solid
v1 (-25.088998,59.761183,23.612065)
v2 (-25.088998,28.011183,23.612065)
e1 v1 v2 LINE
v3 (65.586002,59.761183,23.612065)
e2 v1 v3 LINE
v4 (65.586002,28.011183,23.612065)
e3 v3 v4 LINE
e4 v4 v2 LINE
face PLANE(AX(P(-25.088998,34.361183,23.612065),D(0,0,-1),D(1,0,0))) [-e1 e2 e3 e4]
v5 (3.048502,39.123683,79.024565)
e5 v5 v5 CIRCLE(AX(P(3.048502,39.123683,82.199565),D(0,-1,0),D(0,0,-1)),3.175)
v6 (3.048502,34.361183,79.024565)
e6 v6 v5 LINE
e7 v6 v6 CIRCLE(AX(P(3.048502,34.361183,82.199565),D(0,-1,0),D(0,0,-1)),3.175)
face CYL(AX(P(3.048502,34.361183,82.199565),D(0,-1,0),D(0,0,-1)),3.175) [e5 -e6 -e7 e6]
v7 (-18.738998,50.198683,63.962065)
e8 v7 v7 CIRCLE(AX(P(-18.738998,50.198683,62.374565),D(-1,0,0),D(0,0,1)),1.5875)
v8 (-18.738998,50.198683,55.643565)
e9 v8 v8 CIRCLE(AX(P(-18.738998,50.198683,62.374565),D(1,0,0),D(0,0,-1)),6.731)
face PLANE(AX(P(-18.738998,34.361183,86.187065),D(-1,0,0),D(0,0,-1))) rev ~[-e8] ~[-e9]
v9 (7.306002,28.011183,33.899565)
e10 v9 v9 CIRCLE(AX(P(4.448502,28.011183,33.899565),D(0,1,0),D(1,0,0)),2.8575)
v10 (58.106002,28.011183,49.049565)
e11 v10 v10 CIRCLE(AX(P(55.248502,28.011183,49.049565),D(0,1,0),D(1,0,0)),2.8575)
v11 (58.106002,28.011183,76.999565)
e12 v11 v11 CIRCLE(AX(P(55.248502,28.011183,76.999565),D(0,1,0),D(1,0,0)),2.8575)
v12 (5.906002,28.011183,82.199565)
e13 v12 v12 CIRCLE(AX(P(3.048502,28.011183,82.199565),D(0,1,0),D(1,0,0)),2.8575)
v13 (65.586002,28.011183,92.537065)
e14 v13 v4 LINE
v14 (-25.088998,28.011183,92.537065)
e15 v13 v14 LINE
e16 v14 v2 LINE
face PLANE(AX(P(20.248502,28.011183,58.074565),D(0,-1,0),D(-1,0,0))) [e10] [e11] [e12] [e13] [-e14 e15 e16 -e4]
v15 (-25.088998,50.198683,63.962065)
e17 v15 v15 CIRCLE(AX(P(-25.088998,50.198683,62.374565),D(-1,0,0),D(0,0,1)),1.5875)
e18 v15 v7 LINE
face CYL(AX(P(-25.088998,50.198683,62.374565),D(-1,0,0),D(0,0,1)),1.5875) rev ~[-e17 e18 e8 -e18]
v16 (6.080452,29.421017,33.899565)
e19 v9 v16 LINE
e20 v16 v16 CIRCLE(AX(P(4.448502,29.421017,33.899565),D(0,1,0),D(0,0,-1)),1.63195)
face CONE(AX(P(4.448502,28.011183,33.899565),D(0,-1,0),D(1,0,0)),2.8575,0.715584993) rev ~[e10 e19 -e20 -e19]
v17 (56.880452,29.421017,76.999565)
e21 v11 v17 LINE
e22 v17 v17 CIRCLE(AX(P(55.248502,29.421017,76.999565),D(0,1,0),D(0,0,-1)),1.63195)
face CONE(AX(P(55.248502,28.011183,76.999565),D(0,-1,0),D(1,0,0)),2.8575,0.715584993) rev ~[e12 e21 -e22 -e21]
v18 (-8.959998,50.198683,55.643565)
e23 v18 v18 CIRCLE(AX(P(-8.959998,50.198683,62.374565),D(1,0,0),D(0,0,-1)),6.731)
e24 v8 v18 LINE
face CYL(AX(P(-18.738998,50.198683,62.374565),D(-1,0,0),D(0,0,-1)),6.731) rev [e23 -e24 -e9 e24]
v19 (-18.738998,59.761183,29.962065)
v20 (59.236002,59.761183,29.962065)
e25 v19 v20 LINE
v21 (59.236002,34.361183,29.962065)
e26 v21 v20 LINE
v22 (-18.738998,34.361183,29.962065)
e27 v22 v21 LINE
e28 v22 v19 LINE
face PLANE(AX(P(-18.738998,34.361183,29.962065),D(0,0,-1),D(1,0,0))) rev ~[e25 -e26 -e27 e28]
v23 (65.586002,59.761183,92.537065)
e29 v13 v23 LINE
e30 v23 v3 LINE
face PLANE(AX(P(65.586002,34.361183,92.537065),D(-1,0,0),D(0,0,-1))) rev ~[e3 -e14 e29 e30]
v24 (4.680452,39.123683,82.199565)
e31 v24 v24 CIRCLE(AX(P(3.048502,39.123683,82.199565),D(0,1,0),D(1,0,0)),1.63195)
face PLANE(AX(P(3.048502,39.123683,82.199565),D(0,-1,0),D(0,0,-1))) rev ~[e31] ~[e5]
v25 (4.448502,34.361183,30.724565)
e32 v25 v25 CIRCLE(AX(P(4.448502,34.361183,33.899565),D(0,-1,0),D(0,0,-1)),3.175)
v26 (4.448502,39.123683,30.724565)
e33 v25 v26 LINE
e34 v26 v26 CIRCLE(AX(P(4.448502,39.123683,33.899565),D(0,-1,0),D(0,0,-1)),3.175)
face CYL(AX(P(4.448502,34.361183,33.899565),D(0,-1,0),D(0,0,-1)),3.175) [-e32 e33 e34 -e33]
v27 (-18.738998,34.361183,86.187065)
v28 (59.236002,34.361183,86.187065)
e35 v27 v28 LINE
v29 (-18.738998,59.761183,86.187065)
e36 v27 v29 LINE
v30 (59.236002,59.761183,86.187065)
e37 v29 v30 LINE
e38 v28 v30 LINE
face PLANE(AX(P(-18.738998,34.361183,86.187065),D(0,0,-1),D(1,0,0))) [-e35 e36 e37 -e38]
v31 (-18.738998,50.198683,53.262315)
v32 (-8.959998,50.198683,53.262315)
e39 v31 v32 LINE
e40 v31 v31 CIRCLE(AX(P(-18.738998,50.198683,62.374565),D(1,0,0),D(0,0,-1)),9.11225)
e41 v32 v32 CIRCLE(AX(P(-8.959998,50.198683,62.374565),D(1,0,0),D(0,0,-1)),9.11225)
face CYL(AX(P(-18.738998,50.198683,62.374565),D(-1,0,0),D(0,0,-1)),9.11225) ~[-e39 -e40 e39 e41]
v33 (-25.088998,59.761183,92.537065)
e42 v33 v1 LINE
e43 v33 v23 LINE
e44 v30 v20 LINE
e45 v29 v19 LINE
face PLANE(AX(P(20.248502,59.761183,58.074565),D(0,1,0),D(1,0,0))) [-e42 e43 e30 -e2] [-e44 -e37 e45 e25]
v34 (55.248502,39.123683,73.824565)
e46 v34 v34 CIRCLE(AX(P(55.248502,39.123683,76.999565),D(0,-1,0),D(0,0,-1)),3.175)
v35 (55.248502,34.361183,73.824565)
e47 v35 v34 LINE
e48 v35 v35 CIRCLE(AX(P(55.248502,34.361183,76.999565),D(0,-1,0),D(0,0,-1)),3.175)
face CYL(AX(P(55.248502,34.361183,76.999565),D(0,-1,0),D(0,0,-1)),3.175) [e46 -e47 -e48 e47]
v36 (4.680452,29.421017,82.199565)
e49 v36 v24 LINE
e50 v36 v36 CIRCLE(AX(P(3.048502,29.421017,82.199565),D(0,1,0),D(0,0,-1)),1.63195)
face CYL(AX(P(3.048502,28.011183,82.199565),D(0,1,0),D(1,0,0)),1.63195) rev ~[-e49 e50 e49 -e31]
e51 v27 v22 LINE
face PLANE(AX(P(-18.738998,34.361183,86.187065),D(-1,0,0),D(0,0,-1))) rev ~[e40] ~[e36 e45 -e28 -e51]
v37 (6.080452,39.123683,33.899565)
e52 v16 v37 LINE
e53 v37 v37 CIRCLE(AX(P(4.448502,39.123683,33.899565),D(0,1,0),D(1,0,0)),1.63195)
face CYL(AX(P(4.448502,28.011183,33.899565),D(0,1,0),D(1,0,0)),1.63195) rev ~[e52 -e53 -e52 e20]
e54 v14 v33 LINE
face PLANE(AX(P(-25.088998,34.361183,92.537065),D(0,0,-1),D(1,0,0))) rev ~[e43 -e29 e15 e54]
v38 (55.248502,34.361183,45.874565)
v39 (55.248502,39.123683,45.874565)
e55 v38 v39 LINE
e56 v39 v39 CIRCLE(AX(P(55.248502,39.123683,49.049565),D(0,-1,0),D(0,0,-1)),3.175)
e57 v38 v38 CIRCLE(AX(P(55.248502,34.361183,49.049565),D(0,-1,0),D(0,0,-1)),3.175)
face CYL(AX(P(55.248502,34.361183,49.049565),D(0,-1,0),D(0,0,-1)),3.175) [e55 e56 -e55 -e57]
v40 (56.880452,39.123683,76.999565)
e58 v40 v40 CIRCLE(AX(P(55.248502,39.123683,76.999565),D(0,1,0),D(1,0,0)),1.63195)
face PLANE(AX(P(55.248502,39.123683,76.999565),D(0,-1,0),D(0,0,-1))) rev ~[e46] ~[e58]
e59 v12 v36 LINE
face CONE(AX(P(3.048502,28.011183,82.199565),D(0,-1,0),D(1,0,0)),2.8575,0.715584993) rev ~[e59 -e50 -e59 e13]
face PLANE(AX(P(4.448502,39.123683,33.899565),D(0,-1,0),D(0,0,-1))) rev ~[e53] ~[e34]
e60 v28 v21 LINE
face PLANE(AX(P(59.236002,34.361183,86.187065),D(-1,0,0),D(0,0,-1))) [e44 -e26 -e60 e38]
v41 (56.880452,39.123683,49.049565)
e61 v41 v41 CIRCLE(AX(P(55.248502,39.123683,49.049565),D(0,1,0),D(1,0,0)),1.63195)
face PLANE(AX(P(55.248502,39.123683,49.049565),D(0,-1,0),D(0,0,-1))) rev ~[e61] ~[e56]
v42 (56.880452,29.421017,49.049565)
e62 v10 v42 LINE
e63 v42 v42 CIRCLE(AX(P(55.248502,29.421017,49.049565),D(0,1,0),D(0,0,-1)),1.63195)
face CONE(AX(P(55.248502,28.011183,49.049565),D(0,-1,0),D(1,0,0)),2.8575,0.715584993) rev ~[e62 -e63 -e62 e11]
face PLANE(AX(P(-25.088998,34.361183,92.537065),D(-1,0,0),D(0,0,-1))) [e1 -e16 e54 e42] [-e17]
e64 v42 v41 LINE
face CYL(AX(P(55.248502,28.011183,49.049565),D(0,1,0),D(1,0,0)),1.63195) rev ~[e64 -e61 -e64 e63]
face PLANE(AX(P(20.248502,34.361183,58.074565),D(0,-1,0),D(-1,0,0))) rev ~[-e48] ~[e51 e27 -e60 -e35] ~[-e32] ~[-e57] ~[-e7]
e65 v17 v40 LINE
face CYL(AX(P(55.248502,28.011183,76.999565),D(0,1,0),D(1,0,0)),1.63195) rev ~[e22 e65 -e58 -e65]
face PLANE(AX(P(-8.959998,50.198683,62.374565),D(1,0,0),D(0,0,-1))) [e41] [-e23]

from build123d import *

# Parameters (mm, degrees)
SKETCH2_W                                      = 90.675
SKETCH2_H                                      = 68.925
BOSS_EXTRUDE1_DEPTH                            = 6.35
SKETCH3_R                                      = 3.175
BOSS_EXTRUDE2_DEPTH                            = 4.7625
CSK_FOR_4_FLAT_HEAD_MACHINE_SCREW1_D           = 3.2639
CSK_FOR_4_FLAT_HEAD_MACHINE_SCREW1_CSINK_D     = 5.715
CSK_FOR_4_FLAT_HEAD_MACHINE_SCREW1_CSINK_ANGLE = 82
SKETCH10_W                                     = 90.675
SKETCH10_H                                     = 68.925
SKETCH10_W_2                                   = 77.975
SKETCH10_H_2                                   = 56.225
BOSS_EXTRUDE4_DEPTH                            = 25.4
SKETCH11_R                                     = 9.11225
SKETCH11_R_2                                   = 6.731
BOSS_EXTRUDE5_DEPTH                            = 9.779
CUT_EXTRUDE1_REACH                             = 144.676
SKETCH12_R                                     = 1.5875


with BuildPart() as part:
    # Sketch2 → Boss-Extrude1 (new body)
    with BuildSketch(Plane(origin=(0, 34.361183362, 0), x_dir=(-1, 0, 0), z_dir=(0, -1, 0))):
        with Locations((-20.248501783, -58.074565381)):
            Rectangle(SKETCH2_W, SKETCH2_H)
    extrude(amount=BOSS_EXTRUDE1_DEPTH)

    # Sketch3 → Boss-Extrude2 (add)
    with BuildSketch(Plane(origin=(0, 34.361183362, 0), x_dir=(-1, 0, 0), z_dir=(0, -1, 0))):
        with Locations(Location((-4.448501783, -33.899565381, 0), (0, 0, 90))):
            Circle(SKETCH3_R)
        with Locations(Location((-55.248501783, -49.049565381, 0), (0, 0, 90))):
            Circle(SKETCH3_R)
        with Locations(Location((-55.248501783, -76.999565381, 0), (0, 0, 90))):
            Circle(SKETCH3_R)
        with Locations(Location((-3.048501783, -82.199565381, 0), (0, 0, 90))):
            Circle(SKETCH3_R)
    extrude(amount=-BOSS_EXTRUDE2_DEPTH)

    # CSK for #4 Flat Head Machine Screw1 (through all)
    with Locations(Plane(origin=(0, 28.011183362, 0), x_dir=(-1, 0, 0), z_dir=(0, -1, 0))):
        with Locations((-3.048501783, -82.199565381), (-55.248501783, -76.999565381), (-55.248501783, -49.049565381), (-4.448501783, -33.899565381)):
            CounterSinkHole(CSK_FOR_4_FLAT_HEAD_MACHINE_SCREW1_D / 2, CSK_FOR_4_FLAT_HEAD_MACHINE_SCREW1_CSINK_D / 2, counter_sink_angle=CSK_FOR_4_FLAT_HEAD_MACHINE_SCREW1_CSINK_ANGLE)

    # Sketch10 → Boss-Extrude4 (add)
    with BuildSketch(Plane(origin=(0, 34.361183362, 0), x_dir=(1, 0, 0), z_dir=(0, 1, 0))):
        with Locations((20.248501783, -58.074565381)):
            Rectangle(SKETCH10_W, SKETCH10_H)
        with Locations((20.248501783, -58.074565381)):
            Rectangle(SKETCH10_W_2, SKETCH10_H_2, mode=Mode.SUBTRACT)
    extrude(amount=BOSS_EXTRUDE4_DEPTH)

    # Sketch11 → Boss-Extrude5 (add)
    with BuildSketch(Plane(origin=(-18.738998217, 0, 0), x_dir=(0, 0, -1), z_dir=(1, 0, 0))):
        with Locations((-62.374565381, 50.198683362)):
            Circle(SKETCH11_R)
        with Locations((-62.374565381, 50.198683362)):
            Circle(SKETCH11_R_2, mode=Mode.SUBTRACT)
    extrude(amount=BOSS_EXTRUDE5_DEPTH)

    # Sketch12 → Cut-Extrude1 (cut, up to next)
    with BuildSketch(Plane.ZY.offset(25.088998217), mode=Mode.PRIVATE) as cut_extrude1_sk1:
        with Locations((62.374565381, 50.198683362)):
            Circle(SKETCH12_R)
    cut_extrude1_tool1 = extrude(cut_extrude1_sk1.sketch, amount=-CUT_EXTRUDE1_REACH, mode=Mode.PRIVATE) & part.part
    add(cut_extrude1_tool1.solids().sort_by_distance((-25.088998, 50.198683, 62.374565))[0], mode=Mode.SUBTRACT)


solid = part.part
